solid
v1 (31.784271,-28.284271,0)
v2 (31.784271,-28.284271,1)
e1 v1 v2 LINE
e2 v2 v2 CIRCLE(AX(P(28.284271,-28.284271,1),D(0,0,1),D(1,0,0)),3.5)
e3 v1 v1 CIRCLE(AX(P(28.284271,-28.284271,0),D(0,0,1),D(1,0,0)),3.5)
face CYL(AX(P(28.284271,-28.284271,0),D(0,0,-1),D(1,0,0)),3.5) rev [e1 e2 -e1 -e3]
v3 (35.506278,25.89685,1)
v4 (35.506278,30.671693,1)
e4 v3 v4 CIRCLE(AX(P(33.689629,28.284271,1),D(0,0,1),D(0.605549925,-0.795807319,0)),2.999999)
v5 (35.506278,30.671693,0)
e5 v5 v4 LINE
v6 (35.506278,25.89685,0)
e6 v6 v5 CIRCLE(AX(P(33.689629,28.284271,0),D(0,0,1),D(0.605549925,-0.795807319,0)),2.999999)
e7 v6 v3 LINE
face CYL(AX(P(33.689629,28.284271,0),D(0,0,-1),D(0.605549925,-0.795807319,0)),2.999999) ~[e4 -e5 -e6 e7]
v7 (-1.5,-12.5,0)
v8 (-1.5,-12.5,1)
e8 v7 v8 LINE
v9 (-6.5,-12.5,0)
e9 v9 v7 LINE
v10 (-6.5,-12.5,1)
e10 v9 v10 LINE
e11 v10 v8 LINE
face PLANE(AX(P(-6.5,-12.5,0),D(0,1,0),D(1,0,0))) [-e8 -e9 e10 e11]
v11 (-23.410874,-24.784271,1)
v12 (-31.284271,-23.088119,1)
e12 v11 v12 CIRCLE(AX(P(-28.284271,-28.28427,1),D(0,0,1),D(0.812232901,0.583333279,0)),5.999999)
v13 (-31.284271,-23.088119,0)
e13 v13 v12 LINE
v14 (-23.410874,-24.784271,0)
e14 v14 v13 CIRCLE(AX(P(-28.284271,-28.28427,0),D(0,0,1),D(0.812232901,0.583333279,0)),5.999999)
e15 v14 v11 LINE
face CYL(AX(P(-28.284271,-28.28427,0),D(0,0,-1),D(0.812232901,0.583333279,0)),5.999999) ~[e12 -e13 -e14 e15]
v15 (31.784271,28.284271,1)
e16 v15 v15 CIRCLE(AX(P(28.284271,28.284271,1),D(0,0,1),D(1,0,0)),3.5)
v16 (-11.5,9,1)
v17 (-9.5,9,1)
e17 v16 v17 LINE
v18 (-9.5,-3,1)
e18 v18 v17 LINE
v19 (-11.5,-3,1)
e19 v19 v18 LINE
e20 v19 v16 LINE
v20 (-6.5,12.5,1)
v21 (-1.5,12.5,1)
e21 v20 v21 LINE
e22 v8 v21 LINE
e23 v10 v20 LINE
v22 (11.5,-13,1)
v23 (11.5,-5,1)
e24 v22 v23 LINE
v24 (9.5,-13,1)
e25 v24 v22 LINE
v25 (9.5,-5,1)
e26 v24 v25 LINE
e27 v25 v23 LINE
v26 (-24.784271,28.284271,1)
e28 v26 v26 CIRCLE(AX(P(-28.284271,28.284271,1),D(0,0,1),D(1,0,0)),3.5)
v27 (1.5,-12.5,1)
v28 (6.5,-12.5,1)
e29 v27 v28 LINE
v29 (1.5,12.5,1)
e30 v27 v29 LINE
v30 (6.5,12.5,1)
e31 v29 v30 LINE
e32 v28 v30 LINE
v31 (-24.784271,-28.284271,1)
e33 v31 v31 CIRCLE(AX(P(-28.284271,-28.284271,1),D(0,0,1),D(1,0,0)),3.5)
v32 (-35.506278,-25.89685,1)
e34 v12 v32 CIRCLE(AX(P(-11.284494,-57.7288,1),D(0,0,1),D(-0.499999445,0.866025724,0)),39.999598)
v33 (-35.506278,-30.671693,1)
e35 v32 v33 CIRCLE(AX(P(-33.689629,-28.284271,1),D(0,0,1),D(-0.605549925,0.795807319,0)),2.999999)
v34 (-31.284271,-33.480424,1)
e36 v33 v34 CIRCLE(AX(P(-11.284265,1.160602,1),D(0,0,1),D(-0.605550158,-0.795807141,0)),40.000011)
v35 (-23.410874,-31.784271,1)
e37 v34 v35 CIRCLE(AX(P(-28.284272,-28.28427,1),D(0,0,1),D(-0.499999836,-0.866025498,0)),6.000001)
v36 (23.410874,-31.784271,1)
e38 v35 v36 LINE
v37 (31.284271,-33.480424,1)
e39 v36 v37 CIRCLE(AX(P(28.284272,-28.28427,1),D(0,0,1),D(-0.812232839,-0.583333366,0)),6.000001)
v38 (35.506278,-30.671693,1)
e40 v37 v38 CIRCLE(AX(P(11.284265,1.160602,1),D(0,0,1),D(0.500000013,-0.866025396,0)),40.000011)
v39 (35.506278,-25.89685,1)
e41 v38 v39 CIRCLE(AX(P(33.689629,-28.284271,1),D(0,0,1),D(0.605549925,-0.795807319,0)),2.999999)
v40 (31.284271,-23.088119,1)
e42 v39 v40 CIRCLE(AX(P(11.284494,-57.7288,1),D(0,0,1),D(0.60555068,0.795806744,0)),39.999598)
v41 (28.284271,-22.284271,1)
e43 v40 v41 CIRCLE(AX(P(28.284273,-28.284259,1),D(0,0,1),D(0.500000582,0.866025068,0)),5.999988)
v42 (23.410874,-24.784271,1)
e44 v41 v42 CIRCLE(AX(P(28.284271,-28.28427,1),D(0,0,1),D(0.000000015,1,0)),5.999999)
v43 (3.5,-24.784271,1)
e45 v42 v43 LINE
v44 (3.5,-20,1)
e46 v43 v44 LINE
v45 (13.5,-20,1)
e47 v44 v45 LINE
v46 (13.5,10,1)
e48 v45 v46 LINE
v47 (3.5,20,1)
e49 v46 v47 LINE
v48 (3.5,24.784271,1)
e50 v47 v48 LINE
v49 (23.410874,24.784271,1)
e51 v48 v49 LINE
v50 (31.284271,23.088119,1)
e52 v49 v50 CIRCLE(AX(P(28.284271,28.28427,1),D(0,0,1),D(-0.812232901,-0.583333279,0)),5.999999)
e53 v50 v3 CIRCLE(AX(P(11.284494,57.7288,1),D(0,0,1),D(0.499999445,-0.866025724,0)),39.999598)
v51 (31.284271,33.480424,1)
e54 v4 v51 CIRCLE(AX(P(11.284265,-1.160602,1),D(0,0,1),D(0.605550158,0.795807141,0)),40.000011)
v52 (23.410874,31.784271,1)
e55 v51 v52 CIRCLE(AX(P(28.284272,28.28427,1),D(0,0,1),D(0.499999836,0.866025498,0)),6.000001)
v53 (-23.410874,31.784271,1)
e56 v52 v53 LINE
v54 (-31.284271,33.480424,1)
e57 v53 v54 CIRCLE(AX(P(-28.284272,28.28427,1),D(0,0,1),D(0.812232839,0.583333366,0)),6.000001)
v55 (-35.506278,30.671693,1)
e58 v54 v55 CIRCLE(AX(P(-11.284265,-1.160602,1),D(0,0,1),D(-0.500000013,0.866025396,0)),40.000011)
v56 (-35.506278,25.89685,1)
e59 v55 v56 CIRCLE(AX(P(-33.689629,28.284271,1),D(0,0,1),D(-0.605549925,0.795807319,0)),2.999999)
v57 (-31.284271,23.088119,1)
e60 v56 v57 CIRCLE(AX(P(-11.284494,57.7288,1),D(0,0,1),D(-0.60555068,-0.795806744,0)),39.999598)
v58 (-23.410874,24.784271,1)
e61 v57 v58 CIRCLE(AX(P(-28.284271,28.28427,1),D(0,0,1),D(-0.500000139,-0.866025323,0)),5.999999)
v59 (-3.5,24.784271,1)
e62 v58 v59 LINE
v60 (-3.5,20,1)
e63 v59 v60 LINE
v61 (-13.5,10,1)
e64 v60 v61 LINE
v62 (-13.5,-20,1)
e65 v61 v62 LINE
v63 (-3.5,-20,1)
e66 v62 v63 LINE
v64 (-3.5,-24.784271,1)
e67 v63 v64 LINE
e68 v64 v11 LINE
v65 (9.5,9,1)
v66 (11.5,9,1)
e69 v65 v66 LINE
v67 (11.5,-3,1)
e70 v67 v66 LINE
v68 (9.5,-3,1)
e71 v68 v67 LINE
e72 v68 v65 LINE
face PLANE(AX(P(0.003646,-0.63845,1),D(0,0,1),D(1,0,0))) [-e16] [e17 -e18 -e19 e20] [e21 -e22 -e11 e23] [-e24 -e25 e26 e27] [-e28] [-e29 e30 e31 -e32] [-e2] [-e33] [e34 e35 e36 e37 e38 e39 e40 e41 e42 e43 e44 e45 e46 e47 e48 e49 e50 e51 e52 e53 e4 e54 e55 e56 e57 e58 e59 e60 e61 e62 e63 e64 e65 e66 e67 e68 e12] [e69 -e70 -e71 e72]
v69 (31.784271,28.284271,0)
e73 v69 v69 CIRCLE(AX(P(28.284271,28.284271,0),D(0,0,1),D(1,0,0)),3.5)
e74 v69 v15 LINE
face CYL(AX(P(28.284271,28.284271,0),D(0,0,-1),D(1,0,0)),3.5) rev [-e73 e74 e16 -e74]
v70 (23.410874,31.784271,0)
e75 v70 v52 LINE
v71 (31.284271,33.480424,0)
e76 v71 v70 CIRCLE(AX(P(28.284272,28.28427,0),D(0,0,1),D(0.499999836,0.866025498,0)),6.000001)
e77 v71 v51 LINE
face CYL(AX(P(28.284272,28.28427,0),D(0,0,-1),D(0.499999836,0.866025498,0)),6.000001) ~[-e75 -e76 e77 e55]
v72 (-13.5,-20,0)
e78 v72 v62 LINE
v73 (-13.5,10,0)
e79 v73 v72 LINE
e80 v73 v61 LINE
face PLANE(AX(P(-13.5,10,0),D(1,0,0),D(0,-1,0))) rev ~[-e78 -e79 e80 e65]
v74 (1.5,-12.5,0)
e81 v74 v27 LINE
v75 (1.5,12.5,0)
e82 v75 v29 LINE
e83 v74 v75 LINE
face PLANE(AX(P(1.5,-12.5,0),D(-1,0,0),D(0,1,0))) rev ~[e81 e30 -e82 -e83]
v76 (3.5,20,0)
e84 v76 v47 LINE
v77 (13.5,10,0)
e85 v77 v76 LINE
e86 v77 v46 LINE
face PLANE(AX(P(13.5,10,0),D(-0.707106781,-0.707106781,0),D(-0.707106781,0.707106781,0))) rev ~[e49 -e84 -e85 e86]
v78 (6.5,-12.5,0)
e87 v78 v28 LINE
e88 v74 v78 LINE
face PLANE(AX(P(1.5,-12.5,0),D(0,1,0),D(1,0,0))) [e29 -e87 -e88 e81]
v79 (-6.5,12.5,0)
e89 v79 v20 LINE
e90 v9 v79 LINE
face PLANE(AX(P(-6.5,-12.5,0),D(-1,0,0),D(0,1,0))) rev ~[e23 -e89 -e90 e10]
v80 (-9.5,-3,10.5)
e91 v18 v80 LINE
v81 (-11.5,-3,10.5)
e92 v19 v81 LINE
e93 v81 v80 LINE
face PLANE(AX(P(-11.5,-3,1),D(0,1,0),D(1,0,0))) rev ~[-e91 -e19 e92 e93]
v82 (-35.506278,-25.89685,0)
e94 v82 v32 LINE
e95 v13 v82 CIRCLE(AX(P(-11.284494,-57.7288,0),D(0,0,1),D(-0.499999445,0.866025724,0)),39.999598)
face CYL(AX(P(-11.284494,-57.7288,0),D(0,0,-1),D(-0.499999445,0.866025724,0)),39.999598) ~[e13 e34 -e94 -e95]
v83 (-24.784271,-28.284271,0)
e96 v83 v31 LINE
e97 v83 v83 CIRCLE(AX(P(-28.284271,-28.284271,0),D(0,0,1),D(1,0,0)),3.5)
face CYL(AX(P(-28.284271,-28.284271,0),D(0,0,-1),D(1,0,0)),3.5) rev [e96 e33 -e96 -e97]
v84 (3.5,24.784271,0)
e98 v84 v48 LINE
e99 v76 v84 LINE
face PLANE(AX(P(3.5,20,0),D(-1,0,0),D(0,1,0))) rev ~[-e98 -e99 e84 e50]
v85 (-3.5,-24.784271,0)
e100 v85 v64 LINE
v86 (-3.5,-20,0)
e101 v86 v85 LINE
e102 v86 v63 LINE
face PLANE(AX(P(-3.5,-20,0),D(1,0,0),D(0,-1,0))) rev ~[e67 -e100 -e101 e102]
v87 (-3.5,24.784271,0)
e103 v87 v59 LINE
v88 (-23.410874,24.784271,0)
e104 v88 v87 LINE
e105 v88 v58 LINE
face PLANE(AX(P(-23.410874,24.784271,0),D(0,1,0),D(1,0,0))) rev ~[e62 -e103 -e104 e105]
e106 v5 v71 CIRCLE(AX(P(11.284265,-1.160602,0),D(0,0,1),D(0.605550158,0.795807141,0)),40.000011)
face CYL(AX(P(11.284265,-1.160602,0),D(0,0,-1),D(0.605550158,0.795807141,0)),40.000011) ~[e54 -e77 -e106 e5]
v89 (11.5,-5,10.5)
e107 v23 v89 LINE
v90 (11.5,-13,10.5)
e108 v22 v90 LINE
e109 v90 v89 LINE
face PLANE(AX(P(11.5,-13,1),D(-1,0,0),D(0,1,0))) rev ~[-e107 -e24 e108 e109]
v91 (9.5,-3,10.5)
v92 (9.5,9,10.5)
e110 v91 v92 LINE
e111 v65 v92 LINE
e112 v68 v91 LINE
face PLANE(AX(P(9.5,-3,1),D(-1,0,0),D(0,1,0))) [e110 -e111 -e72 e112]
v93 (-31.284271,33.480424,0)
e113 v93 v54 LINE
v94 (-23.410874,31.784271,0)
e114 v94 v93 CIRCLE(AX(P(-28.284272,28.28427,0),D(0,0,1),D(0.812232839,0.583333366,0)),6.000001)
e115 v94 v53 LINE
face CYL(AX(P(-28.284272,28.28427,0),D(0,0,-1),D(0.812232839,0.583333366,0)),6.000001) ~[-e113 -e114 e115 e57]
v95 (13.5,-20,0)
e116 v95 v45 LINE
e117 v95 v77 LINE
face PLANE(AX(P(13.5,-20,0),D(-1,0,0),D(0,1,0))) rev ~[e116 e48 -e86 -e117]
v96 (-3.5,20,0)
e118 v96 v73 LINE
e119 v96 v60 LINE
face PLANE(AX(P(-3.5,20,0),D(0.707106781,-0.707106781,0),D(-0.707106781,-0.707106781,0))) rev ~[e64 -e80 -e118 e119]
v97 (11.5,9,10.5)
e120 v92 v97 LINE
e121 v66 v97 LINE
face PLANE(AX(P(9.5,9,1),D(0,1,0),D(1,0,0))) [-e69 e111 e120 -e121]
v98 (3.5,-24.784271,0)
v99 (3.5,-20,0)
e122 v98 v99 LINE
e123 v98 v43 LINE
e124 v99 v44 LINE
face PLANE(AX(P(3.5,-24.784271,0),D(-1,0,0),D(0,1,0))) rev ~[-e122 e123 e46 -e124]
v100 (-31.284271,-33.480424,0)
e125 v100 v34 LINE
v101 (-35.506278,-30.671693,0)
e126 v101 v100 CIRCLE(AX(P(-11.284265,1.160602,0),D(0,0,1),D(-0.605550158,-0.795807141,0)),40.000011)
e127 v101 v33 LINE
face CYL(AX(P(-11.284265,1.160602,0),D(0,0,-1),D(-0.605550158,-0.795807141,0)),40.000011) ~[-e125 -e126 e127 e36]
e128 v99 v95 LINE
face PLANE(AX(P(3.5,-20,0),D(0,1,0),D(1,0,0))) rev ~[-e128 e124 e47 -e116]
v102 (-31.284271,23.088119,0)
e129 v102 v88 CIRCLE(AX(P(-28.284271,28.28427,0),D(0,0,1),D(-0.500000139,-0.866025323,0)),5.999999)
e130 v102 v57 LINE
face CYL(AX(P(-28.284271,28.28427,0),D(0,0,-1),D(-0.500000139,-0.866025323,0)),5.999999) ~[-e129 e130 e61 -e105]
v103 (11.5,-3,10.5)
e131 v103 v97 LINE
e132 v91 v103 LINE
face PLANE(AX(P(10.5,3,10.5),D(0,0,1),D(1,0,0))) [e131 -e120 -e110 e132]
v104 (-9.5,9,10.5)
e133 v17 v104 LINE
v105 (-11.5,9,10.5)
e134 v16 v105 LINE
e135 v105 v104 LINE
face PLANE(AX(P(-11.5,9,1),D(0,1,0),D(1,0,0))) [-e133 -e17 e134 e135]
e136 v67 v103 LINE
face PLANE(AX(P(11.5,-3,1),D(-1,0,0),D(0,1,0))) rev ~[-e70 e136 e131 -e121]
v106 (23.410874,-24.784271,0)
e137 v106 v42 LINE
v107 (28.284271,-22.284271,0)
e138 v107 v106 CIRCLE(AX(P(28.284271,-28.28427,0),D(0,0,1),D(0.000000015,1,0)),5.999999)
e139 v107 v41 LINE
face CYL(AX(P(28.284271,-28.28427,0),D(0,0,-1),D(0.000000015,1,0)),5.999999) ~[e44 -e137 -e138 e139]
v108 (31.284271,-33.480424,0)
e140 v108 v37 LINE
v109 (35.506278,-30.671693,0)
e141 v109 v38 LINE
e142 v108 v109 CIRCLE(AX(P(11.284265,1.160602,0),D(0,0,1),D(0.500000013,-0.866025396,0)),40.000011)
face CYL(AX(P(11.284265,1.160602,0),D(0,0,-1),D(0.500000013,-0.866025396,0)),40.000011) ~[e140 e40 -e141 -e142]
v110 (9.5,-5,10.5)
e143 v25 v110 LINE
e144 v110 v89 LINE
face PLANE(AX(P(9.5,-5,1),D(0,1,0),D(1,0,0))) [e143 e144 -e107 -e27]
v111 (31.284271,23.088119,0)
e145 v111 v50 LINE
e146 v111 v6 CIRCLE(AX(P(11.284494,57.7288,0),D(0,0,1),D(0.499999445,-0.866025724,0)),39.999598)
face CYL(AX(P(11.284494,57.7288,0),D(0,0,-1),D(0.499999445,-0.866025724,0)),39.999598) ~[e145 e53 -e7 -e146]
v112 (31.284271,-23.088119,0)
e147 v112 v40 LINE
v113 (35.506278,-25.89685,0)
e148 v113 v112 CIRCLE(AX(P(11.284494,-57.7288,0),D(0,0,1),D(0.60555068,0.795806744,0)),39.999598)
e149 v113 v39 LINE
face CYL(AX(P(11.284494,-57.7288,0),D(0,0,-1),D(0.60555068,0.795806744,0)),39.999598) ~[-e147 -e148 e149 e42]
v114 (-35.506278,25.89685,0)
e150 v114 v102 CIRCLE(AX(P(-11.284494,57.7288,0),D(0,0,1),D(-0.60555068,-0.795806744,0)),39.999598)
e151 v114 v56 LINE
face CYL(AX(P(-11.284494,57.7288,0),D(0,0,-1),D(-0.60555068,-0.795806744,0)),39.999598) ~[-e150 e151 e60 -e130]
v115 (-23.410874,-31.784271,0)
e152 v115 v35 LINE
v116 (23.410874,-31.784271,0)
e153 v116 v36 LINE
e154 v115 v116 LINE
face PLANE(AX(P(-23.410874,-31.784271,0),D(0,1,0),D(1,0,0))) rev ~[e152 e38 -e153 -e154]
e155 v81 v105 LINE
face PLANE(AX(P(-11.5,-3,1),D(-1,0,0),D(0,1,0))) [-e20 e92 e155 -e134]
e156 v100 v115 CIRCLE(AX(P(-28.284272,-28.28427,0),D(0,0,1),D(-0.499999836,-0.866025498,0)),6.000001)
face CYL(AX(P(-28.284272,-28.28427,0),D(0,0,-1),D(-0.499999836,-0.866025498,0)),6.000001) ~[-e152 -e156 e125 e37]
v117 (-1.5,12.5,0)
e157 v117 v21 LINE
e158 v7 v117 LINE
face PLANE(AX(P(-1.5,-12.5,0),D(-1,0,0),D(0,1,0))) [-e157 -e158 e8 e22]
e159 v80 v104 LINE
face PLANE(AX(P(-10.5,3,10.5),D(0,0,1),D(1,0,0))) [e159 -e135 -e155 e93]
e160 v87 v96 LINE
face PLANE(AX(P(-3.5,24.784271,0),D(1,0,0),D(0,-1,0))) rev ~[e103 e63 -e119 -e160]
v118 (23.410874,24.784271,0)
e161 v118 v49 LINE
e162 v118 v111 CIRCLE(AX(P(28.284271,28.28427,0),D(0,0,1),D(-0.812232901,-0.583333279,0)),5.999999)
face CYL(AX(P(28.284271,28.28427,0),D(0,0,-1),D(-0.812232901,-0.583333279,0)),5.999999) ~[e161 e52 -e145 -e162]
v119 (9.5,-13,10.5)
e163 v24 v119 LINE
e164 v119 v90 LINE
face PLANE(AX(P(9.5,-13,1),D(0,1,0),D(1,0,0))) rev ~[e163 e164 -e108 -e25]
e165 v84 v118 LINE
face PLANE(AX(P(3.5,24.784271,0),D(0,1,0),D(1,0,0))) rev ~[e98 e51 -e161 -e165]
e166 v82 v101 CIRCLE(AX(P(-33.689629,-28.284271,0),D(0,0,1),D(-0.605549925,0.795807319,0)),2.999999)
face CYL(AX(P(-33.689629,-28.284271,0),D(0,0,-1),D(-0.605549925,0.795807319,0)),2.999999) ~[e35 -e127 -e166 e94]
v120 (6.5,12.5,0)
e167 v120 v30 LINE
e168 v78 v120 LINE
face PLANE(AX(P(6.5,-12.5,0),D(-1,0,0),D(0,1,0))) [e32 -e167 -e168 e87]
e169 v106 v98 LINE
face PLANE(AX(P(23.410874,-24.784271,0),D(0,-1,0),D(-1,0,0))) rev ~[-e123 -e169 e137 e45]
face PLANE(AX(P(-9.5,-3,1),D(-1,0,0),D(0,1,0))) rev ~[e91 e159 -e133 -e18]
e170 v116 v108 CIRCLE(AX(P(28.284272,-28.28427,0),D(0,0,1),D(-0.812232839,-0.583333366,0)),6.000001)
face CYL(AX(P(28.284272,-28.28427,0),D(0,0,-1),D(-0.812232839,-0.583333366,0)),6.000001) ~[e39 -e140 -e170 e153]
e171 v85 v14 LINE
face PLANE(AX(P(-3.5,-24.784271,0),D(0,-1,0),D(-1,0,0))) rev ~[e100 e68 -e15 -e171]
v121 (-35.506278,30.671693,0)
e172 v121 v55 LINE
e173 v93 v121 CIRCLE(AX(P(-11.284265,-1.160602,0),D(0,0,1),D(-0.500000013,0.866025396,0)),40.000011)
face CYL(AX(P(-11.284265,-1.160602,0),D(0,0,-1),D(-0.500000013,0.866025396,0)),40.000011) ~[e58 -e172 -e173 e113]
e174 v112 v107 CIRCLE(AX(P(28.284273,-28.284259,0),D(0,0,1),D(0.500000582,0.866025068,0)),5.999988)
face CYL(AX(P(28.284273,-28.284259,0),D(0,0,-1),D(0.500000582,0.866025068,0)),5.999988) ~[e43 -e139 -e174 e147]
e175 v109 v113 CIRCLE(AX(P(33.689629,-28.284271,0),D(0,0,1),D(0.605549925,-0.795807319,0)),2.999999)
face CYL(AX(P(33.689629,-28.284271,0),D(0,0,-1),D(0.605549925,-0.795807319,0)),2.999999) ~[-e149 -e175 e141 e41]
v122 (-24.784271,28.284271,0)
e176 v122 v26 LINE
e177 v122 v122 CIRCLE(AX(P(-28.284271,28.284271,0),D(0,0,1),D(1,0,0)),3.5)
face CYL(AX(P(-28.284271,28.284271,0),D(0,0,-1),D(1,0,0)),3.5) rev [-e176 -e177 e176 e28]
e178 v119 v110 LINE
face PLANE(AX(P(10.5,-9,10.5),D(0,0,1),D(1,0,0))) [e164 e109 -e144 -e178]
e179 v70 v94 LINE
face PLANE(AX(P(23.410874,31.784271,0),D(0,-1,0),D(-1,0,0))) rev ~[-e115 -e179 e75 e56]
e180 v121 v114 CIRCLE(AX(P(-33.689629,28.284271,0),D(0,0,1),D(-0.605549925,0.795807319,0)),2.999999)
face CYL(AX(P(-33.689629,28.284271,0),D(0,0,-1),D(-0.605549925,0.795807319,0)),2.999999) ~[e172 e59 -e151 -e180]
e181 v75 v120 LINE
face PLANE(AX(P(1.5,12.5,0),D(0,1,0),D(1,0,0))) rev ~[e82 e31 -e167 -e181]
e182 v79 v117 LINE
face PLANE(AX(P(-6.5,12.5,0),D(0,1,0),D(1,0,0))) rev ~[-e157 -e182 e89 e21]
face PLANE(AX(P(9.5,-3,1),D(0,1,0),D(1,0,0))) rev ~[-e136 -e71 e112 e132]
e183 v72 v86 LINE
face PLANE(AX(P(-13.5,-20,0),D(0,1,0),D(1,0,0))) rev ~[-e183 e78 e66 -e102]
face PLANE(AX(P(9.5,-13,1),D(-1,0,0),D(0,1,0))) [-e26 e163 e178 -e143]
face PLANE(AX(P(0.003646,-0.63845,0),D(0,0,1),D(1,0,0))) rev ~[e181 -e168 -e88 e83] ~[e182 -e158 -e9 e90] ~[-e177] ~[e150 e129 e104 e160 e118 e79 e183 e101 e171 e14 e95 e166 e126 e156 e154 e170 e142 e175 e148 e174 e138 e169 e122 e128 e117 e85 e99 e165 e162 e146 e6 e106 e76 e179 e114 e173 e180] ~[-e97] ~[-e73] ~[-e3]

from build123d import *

# Parameters (mm, degrees)
F0_R     = 3.5
F0_W     = 5
F0_H     = 25
F1_DEPTH = 1
F2_W     = 2
F2_H     = 12
F2_H_2   = 8
F3_DEPTH = 9.5


with BuildPart() as f1:
    # F0 (on Top) → F1 (new body)
    with BuildSketch(Plane.XY):
        with BuildLine():
            Line((-13.5, 10), (-13.5, -20))
            Line((-13.5, -20), (-3.5, -20))
            Line((-3.5, -20), (-3.5, -24.784271))
            Line((-3.5, -24.784271), (-23.410874, -24.784271))
            ThreePointArc((-23.410874, -24.784271), (-27.02069, -22.418833), (-31.284271, -23.088119))
            ThreePointArc((-31.284271, -23.088119), (-33.439829, -24.425512), (-35.506278, -25.89685))
            ThreePointArc((-35.506278, -25.89685), (-36.689628, -28.284271), (-35.506278, -30.671693))
            ThreePointArc((-35.506278, -30.671693), (-33.439829, -32.14303), (-31.284271, -33.480424))
            ThreePointArc((-31.284271, -33.480424), (-27.02069, -34.149709), (-23.410874, -31.784271))
            Line((-23.410874, -31.784271), (23.410874, -31.784271))
            ThreePointArc((23.410874, -31.784271), (27.02069, -34.149709), (31.284271, -33.480424))
            ThreePointArc((31.284271, -33.480424), (33.439829, -32.14303), (35.506278, -30.671693))
            ThreePointArc((35.506278, -30.671693), (36.689628, -28.284271), (35.506278, -25.89685))
            ThreePointArc((35.506278, -25.89685), (33.439829, -24.425512), (31.284271, -23.088119))
            ThreePointArc((31.284271, -23.088119), (29.837186, -22.488716), (28.284271, -22.284271))
            ThreePointArc((28.284271, -22.284271), (25.545658, -22.945732), (23.410874, -24.784271))
            Line((23.410874, -24.784271), (3.5, -24.784271))
            Line((3.5, -24.784271), (3.5, -20))
            Line((3.5, -20), (13.5, -20))
            Line((13.5, -20), (13.5, 10))
            Line((13.5, 10), (3.5, 20))
            Line((3.5, 20), (3.5, 24.784271))
            Line((3.5, 24.784271), (23.410874, 24.784271))
            ThreePointArc((23.410874, 24.784271), (27.02069, 22.418833), (31.284271, 23.088119))
            ThreePointArc((31.284271, 23.088119), (33.439829, 24.425512), (35.506278, 25.89685))
            ThreePointArc((35.506278, 25.89685), (36.689628, 28.284271), (35.506278, 30.671693))
            ThreePointArc((35.506278, 30.671693), (33.439829, 32.14303), (31.284271, 33.480424))
            ThreePointArc((31.284271, 33.480424), (27.02069, 34.149709), (23.410874, 31.784271))
            Line((23.410874, 31.784271), (-23.410874, 31.784271))
            ThreePointArc((-23.410874, 31.784271), (-27.02069, 34.149709), (-31.284271, 33.480424))
            ThreePointArc((-31.284271, 33.480424), (-33.439829, 32.14303), (-35.506278, 30.671693))
            ThreePointArc((-35.506278, 30.671693), (-36.689628, 28.284271), (-35.506278, 25.89685))
            ThreePointArc((-35.506278, 25.89685), (-33.439829, 24.425512), (-31.284271, 23.088119))
            ThreePointArc((-31.284271, 23.088119), (-27.02069, 22.418833), (-23.410874, 24.784271))
            Line((-23.410874, 24.784271), (-3.5, 24.784271))
            Line((-3.5, 24.784271), (-3.5, 20))
            Line((-3.5, 20), (-13.5, 10))
        make_face()
        with Locations((-28.284271, -28.284271)):
            Circle(F0_R, mode=Mode.SUBTRACT)
        with Locations((-4, 0)):
            Rectangle(F0_W, F0_H, mode=Mode.SUBTRACT)
        with Locations((28.284271, -28.284271)):
            Circle(F0_R, mode=Mode.SUBTRACT)
        with Locations((4, 0)):
            Rectangle(F0_W, F0_H, mode=Mode.SUBTRACT)
        with Locations((-28.284271, 28.284271)):
            Circle(F0_R, mode=Mode.SUBTRACT)
        with Locations((28.284271, 28.284271)):
            Circle(F0_R, mode=Mode.SUBTRACT)
    extrude(amount=F1_DEPTH)

    # F2 (on face) → F3 (join)
    with BuildSketch(Plane.XY.offset(1)):
        with Locations((-10.5, 3)):
            Rectangle(F2_W, F2_H)
        with Locations((10.5, 3)):
            Rectangle(F2_W, F2_H)
        with Locations((10.5, -9)):
            Rectangle(F2_W, F2_H_2)
    extrude(amount=F3_DEPTH)


solid = f1.part
